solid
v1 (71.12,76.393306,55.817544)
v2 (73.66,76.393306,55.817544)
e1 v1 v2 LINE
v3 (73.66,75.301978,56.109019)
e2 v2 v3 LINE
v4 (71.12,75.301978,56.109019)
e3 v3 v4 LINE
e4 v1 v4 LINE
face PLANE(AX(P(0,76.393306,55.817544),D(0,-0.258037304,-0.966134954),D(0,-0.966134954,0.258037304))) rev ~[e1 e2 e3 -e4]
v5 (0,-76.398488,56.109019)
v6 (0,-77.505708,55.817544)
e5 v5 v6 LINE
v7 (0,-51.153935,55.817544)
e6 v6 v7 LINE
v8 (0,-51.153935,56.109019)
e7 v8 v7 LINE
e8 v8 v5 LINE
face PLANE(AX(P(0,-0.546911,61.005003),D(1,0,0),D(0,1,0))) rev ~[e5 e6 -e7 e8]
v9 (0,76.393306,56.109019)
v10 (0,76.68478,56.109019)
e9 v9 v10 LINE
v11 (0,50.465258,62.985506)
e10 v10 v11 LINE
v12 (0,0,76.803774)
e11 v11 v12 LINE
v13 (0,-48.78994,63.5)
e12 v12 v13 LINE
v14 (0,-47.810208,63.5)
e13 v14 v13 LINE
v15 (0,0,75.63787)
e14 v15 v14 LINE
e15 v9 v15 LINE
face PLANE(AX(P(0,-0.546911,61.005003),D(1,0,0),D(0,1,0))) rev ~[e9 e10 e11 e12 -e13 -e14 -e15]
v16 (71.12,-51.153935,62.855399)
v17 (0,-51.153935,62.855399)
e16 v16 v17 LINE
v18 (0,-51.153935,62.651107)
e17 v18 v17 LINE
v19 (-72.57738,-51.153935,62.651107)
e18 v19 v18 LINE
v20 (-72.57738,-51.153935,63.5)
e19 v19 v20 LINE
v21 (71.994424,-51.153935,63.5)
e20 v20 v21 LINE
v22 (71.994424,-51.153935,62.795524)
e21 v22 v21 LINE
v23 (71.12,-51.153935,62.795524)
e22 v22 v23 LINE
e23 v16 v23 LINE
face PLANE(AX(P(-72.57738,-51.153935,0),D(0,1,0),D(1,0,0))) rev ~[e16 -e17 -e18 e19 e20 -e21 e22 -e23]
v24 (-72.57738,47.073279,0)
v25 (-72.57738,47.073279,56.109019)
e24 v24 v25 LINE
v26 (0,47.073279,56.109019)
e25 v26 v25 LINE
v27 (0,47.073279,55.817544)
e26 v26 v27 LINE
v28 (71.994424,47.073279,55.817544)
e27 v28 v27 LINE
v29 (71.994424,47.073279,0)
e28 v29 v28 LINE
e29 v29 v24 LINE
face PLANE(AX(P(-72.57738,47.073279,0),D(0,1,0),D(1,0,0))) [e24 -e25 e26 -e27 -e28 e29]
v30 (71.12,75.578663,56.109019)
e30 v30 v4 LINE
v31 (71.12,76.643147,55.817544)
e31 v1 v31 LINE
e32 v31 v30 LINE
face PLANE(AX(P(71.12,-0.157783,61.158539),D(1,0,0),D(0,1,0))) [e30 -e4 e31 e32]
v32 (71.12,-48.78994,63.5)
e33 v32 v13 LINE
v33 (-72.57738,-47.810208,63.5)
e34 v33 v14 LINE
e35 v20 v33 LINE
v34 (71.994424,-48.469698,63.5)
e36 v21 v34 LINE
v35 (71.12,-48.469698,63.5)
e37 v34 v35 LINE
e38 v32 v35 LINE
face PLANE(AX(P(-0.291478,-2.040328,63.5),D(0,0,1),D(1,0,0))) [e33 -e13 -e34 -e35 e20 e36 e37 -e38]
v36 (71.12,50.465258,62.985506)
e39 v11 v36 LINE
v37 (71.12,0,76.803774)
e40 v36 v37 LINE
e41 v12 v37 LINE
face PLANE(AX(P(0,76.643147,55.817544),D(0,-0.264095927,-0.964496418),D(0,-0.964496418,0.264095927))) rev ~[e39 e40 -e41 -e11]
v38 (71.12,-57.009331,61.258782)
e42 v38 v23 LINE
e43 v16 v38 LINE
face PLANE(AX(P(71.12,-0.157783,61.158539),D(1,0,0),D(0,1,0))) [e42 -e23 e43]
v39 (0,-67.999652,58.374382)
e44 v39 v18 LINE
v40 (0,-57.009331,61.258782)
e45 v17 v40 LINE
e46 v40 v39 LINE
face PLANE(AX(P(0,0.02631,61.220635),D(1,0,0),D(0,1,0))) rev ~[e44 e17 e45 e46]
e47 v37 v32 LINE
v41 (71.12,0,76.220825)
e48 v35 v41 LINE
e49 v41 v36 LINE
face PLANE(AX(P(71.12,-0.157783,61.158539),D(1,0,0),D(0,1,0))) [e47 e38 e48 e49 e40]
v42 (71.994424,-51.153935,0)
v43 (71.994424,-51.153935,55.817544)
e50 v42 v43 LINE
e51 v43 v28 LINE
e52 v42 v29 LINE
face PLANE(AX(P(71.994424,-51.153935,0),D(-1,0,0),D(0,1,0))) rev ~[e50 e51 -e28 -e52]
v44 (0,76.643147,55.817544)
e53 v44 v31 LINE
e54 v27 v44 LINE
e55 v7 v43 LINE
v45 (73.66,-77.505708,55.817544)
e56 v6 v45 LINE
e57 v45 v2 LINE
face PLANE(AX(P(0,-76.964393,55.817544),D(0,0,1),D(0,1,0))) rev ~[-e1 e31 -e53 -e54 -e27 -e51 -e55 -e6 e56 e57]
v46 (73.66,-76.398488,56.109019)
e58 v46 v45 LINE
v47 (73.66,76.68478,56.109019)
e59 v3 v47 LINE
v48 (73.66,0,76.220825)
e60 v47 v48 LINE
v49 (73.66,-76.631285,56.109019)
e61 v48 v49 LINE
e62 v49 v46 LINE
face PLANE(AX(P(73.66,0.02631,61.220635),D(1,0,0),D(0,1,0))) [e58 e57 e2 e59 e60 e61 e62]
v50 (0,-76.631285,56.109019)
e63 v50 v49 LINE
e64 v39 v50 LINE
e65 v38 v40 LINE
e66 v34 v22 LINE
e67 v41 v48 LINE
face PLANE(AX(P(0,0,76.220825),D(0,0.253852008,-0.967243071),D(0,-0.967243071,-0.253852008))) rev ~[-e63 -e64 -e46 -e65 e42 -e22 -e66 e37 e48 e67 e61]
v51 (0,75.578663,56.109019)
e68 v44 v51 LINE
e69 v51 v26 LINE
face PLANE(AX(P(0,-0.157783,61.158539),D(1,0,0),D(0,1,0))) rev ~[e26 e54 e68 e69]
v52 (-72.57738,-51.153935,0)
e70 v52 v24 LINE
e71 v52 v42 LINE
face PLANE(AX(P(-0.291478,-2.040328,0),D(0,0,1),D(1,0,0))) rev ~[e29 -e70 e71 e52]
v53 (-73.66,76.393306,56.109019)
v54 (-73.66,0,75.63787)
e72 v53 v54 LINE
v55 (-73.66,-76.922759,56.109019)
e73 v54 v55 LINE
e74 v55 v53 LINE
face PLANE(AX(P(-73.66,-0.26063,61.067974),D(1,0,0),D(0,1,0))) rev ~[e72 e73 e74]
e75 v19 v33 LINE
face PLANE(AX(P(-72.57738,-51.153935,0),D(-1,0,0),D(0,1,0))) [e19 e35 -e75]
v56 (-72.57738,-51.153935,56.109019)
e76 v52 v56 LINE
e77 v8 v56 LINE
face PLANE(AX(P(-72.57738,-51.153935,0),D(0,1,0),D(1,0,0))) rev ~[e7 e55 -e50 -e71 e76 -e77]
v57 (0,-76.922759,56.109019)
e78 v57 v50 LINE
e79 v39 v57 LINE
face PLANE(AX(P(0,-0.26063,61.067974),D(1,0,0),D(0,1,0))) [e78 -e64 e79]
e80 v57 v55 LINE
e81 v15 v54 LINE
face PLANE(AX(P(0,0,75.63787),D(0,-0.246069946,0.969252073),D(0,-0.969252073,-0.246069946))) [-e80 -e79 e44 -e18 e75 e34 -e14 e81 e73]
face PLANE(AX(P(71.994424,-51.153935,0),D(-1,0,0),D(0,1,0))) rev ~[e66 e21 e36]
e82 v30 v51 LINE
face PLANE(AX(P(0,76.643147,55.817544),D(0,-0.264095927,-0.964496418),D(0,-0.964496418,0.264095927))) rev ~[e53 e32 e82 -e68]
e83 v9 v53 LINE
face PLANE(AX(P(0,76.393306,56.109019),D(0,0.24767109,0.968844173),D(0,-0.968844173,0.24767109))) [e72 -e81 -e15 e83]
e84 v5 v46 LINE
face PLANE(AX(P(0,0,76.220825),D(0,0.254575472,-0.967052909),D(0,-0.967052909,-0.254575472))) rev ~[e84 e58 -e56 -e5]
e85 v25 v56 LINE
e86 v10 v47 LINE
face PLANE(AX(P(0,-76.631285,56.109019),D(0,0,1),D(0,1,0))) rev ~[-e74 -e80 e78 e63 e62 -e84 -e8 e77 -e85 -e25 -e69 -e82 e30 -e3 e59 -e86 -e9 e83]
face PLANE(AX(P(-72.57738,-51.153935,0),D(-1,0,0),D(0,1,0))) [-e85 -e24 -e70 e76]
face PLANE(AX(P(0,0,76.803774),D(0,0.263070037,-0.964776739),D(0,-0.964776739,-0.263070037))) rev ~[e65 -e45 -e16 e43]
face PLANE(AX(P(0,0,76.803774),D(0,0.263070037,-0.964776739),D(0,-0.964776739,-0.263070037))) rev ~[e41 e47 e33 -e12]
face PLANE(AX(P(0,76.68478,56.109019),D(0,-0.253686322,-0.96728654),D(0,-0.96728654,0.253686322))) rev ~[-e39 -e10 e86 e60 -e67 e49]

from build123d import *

# Parameters (mm, degrees)
F0_W      = 144.5718035102
F0_H      = 98.2272140682
F1_DEPTH  = 63.5
F3_DEPTH  = 73.66
F1_FACE_W = 98.2272140682
F1_FACE_H = 55.8175444603
F5_DEPTH  = 73.66
F7_DEPTH  = 71.12
F9_DEPTH  = 73.66


with BuildPart() as f1:
    # F0 (on Top) → F1 (new body)
    with BuildSketch(Plane.XY):
        with Locations((-0.2914778888, -2.040328458)):
            Rectangle(F0_W, F0_H)
    extrude(amount=F1_DEPTH)

    # F2 (on Right) → F3 (join)
    with BuildSketch(Plane.YZ):
        Polygon((-77.5057077408, 55.8175444603), (76.3933062553, 55.8175444603), (0, 76.2208253145), align=None)
    extrude(amount=F3_DEPTH)

    # F4 (on Right) + F3_face (on face) + F1_face (on face) → F5 (join)
    with BuildSketch(Plane.YZ):
        Polygon((0, 75.6378695369), (-76.9227594137, 56.1090186238), (76.3933062553, 56.1090186238), align=None)
    with BuildSketch(Plane(origin=(73.66, -0.3708004951, 62.6186380784), x_dir=(0, 1, 0), z_dir=(1, 0, 0))):
        Polygon((-77.1349072456, -6.8010936181), (76.7641067505, -6.8010936181), (0.3708004951, 13.6021872362), align=None)
    with BuildSketch(Plane(origin=(71.9944238663, -2.040328458, 27.9087722301), x_dir=(0, 1, 0), z_dir=(1, 0, 0))):
        Rectangle(F1_FACE_W, F1_FACE_H)
    extrude(amount=-F5_DEPTH)

    # F6 (on Right) → F7 (join)
    with BuildSketch(Plane.YZ):
        Polygon((-76.9643932581, 55.8175444603), (76.6431465745, 55.8175444603), (0, 76.8037736416), align=None)
    extrude(amount=F7_DEPTH)

    # F8 (on Right) + F5_face (on face) → F9 (join)
    with BuildSketch(Plane.YZ):
        Polygon((0, 76.2208253145), (-76.6312852502, 56.1090186238), (76.6847804189, 56.1090186238), align=None)
    with BuildSketch(Plane(origin=(-73.66, -0.1764843861, 62.6186355948), x_dir=(0, 1, 0), z_dir=(-1, 0, 0))):
        Polygon((-76.7462750276, 6.509616971), (0.1764843861, -13.019233942), (76.5697906415, 6.509616971), align=None)
    extrude(amount=F9_DEPTH, dir=(1, 0, 0))


solid = f1.part
